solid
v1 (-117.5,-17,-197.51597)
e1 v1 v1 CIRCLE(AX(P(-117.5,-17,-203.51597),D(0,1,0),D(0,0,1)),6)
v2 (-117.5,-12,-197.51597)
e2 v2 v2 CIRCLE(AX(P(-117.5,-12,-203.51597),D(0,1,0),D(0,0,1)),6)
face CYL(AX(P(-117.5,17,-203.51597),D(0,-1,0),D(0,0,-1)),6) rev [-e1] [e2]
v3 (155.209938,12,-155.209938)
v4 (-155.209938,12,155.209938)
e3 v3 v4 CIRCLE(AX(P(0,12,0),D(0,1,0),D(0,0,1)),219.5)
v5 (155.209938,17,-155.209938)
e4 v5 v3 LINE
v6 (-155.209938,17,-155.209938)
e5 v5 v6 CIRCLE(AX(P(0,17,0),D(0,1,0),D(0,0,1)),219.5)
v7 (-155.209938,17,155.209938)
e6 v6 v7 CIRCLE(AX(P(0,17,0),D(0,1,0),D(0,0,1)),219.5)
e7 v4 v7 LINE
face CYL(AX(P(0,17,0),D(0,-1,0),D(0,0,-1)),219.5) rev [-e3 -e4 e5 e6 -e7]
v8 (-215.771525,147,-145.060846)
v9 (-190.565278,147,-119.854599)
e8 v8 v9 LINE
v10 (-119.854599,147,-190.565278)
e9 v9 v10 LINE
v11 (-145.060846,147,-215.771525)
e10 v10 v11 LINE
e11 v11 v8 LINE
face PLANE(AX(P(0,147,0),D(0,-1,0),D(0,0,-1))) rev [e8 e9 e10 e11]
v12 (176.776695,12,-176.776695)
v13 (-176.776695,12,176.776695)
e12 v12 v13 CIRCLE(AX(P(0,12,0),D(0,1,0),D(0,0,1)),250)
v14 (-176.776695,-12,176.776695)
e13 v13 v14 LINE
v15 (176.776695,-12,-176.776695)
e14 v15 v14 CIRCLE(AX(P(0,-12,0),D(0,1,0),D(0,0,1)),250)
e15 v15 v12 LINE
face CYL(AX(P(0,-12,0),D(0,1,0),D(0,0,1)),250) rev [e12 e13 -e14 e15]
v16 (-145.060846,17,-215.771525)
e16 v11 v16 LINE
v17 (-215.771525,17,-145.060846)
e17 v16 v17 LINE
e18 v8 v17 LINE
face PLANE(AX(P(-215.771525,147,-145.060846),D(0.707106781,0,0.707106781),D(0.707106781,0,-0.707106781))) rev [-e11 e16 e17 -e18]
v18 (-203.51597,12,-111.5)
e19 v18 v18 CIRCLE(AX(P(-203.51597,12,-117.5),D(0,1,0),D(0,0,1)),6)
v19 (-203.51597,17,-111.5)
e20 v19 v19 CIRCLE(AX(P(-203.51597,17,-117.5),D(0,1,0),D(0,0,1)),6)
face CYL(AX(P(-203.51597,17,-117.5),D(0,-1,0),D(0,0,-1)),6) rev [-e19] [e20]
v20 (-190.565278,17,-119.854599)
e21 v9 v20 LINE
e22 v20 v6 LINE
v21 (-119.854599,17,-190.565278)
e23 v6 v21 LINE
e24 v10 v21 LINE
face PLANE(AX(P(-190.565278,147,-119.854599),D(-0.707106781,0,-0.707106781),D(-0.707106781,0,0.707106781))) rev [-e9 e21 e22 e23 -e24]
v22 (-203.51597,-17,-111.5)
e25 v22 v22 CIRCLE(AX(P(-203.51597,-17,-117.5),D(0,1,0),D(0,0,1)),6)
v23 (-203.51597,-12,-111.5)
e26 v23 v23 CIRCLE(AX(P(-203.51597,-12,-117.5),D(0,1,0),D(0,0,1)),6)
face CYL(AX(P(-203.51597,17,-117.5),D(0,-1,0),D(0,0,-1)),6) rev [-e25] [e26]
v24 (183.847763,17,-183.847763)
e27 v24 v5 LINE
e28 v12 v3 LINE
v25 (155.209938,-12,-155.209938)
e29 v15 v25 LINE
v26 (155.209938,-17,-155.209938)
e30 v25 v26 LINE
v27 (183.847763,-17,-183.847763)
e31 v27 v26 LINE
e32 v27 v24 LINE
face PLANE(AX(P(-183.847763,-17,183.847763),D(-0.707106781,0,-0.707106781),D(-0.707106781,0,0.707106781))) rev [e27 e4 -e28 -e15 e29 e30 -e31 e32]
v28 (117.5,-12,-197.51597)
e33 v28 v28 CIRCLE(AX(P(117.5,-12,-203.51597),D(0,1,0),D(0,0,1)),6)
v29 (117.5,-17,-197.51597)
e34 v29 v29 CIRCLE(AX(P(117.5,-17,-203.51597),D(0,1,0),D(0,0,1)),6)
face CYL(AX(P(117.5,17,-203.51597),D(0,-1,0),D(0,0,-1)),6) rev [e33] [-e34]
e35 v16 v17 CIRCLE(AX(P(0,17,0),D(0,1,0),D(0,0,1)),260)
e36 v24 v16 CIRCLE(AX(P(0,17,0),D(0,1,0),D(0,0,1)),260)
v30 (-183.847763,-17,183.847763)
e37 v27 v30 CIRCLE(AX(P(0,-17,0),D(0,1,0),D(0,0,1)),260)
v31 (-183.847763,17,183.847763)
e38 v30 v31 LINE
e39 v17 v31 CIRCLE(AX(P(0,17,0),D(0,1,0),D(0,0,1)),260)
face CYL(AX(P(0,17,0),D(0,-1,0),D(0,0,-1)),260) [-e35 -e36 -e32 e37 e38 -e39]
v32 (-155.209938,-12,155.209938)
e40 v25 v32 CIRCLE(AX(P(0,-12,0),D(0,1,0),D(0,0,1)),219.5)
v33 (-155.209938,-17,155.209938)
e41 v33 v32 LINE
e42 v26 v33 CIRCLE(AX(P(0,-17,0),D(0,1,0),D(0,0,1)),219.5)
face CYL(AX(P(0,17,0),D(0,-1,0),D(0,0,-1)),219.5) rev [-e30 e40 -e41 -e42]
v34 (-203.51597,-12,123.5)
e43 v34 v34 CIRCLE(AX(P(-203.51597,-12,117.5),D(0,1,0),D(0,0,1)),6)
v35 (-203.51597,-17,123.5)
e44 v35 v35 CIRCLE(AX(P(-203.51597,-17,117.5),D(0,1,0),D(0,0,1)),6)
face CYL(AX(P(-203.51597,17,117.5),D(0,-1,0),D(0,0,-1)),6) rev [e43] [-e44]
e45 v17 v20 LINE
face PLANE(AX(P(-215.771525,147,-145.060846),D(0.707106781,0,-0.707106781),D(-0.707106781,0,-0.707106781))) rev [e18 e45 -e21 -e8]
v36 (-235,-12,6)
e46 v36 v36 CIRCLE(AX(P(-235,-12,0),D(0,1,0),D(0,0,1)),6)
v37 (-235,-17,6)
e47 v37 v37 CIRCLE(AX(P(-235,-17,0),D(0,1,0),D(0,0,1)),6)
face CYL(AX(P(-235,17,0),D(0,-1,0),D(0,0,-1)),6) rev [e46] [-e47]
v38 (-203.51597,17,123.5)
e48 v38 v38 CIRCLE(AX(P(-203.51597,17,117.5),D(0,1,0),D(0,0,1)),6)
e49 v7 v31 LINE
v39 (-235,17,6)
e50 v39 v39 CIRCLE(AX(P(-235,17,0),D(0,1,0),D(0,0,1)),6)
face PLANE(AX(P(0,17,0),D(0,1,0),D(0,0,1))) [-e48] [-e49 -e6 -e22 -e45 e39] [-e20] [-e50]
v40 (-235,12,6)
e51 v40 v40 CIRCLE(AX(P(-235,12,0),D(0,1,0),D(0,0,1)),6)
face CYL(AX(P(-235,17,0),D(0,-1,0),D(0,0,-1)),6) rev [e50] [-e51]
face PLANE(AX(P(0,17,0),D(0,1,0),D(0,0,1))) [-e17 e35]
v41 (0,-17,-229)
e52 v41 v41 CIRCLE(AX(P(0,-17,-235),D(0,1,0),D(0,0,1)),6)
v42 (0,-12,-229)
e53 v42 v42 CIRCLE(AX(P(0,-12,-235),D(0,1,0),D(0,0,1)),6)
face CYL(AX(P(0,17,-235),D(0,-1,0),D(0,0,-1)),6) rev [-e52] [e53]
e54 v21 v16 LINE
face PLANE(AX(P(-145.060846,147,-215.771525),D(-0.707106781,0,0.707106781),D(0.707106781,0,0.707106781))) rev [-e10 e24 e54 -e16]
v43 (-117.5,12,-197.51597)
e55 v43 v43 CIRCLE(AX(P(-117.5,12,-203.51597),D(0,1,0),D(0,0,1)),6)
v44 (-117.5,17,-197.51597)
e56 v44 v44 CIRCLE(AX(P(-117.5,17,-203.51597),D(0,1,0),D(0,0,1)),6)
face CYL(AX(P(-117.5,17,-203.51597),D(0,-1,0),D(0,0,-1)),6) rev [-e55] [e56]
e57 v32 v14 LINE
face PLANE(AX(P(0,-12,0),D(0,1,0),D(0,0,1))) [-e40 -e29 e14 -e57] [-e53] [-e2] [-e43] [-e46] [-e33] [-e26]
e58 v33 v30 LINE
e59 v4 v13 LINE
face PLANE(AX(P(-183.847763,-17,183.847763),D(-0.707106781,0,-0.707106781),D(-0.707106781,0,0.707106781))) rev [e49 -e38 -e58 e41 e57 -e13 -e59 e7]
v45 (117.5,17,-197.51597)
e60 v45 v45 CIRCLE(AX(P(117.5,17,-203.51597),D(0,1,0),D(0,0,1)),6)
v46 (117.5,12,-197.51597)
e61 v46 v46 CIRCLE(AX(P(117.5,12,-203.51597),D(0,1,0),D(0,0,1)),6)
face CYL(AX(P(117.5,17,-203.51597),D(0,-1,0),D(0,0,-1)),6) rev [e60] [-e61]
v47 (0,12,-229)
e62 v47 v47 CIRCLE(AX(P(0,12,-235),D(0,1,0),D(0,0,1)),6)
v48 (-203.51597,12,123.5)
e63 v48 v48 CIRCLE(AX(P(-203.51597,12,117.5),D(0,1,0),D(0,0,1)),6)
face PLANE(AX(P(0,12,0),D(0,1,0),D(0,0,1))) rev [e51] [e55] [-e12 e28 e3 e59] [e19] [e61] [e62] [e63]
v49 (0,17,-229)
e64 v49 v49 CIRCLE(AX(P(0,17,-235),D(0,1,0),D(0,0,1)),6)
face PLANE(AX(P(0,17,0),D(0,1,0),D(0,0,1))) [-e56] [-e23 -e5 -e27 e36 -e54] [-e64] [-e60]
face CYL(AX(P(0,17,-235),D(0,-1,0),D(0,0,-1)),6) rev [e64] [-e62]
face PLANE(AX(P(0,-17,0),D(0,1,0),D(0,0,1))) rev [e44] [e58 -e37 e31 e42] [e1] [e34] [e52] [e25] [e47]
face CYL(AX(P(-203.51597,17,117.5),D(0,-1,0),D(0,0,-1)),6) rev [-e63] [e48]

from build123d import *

# Parameters (mm, degrees)
SKETCH1_R           = 260
SKETCH1_R_2         = 6
SKETCH1_R_3         = 219.5
BOSS_EXTRUDE1_DEPTH = 17
SKETCH2_R           = 250
CUT_EXTRUDE1_DEPTH  = 12
CUT_EXTRUDE2_DEPTH  = 370.264133108
BOSS_EXTRUDE2_DEPTH = 130


with BuildPart() as part:
    # Sketch1 → Boss-Extrude1 (new, symmetric)
    with BuildSketch(Plane(origin=(0, 0, 0), x_dir=(1, 0, 0), z_dir=(0, 1, 0))):
        with Locations(Location((0, 0, 0), (0, 0, 270))):
            Circle(SKETCH1_R)
        with Locations(Location((-117.5, 203.515969889, 0), (0, 0, 270))):
            Circle(SKETCH1_R_2, mode=Mode.SUBTRACT)
        with Locations(Location((-203.515969889, 117.5, 0), (0, 0, 270))):
            Circle(SKETCH1_R_2, mode=Mode.SUBTRACT)
        with Locations(Location((-235, 0, 0), (0, 0, 270))):
            Circle(SKETCH1_R_2, mode=Mode.SUBTRACT)
        with Locations(Location((-203.515969889, -117.5, 0), (0, 0, 270))):
            Circle(SKETCH1_R_2, mode=Mode.SUBTRACT)
        with Locations(Location((-117.5, -203.515969889, 0), (0, 0, 270))):
            Circle(SKETCH1_R_2, mode=Mode.SUBTRACT)
        with Locations(Location((0, -235, 0), (0, 0, 270))):
            Circle(SKETCH1_R_2, mode=Mode.SUBTRACT)
        with Locations(Location((117.5, -203.515969889, 0), (0, 0, 270))):
            Circle(SKETCH1_R_2, mode=Mode.SUBTRACT)
        with Locations(Location((203.515969889, -117.5, 0), (0, 0, 270))):
            Circle(SKETCH1_R_2, mode=Mode.SUBTRACT)
        with Locations(Location((235, 0, 0), (0, 0, 270))):
            Circle(SKETCH1_R_2, mode=Mode.SUBTRACT)
        with Locations(Location((203.515969889, 117.5, 0), (0, 0, 270))):
            Circle(SKETCH1_R_2, mode=Mode.SUBTRACT)
        with Locations(Location((117.5, 203.515969889, 0), (0, 0, 270))):
            Circle(SKETCH1_R_2, mode=Mode.SUBTRACT)
        with Locations(Location((0, 235, 0), (0, 0, 270))):
            Circle(SKETCH1_R_2, mode=Mode.SUBTRACT)
        with Locations(Location((0, 0, 0), (0, 0, 270))):
            Circle(SKETCH1_R_3, mode=Mode.SUBTRACT)
    extrude(amount=BOSS_EXTRUDE1_DEPTH, both=True)

    # Sketch2 → Cut-Extrude1 (cut, symmetric)
    with BuildSketch(Plane(origin=(0, 0, 0), x_dir=(1, 0, 0), z_dir=(0, 1, 0))):
        with Locations(Location((0, 0, 0), (0, 0, 270))):
            Circle(SKETCH2_R)
    extrude(amount=CUT_EXTRUDE1_DEPTH, both=True, mode=Mode.SUBTRACT)

    # Sketch3 → Cut-Extrude2 (cut, through all)
    with BuildSketch(Plane(origin=(0, 17, 0), x_dir=(1, 0, 0), z_dir=(0, 1, 0))):
        Polygon((-183.847763109, -183.847763109), (183.847763109, 183.847763109), (370.704407613, -3.008881396), (3.008881396, -370.704407613), align=None)
    extrude(amount=-CUT_EXTRUDE2_DEPTH, mode=Mode.SUBTRACT)

    # Sketch4 → Boss-Extrude2 (add)
    with BuildSketch(Plane(origin=(0, 17, 0), x_dir=(1, 0, 0), z_dir=(0, 1, 0))):
        Polygon((-215.771524586, 145.060846467), (-190.56527753, 119.854599411), (-119.854599411, 190.56527753), (-145.060846467, 215.771524586), align=None)
    extrude(amount=BOSS_EXTRUDE2_DEPTH)


solid = part.part
